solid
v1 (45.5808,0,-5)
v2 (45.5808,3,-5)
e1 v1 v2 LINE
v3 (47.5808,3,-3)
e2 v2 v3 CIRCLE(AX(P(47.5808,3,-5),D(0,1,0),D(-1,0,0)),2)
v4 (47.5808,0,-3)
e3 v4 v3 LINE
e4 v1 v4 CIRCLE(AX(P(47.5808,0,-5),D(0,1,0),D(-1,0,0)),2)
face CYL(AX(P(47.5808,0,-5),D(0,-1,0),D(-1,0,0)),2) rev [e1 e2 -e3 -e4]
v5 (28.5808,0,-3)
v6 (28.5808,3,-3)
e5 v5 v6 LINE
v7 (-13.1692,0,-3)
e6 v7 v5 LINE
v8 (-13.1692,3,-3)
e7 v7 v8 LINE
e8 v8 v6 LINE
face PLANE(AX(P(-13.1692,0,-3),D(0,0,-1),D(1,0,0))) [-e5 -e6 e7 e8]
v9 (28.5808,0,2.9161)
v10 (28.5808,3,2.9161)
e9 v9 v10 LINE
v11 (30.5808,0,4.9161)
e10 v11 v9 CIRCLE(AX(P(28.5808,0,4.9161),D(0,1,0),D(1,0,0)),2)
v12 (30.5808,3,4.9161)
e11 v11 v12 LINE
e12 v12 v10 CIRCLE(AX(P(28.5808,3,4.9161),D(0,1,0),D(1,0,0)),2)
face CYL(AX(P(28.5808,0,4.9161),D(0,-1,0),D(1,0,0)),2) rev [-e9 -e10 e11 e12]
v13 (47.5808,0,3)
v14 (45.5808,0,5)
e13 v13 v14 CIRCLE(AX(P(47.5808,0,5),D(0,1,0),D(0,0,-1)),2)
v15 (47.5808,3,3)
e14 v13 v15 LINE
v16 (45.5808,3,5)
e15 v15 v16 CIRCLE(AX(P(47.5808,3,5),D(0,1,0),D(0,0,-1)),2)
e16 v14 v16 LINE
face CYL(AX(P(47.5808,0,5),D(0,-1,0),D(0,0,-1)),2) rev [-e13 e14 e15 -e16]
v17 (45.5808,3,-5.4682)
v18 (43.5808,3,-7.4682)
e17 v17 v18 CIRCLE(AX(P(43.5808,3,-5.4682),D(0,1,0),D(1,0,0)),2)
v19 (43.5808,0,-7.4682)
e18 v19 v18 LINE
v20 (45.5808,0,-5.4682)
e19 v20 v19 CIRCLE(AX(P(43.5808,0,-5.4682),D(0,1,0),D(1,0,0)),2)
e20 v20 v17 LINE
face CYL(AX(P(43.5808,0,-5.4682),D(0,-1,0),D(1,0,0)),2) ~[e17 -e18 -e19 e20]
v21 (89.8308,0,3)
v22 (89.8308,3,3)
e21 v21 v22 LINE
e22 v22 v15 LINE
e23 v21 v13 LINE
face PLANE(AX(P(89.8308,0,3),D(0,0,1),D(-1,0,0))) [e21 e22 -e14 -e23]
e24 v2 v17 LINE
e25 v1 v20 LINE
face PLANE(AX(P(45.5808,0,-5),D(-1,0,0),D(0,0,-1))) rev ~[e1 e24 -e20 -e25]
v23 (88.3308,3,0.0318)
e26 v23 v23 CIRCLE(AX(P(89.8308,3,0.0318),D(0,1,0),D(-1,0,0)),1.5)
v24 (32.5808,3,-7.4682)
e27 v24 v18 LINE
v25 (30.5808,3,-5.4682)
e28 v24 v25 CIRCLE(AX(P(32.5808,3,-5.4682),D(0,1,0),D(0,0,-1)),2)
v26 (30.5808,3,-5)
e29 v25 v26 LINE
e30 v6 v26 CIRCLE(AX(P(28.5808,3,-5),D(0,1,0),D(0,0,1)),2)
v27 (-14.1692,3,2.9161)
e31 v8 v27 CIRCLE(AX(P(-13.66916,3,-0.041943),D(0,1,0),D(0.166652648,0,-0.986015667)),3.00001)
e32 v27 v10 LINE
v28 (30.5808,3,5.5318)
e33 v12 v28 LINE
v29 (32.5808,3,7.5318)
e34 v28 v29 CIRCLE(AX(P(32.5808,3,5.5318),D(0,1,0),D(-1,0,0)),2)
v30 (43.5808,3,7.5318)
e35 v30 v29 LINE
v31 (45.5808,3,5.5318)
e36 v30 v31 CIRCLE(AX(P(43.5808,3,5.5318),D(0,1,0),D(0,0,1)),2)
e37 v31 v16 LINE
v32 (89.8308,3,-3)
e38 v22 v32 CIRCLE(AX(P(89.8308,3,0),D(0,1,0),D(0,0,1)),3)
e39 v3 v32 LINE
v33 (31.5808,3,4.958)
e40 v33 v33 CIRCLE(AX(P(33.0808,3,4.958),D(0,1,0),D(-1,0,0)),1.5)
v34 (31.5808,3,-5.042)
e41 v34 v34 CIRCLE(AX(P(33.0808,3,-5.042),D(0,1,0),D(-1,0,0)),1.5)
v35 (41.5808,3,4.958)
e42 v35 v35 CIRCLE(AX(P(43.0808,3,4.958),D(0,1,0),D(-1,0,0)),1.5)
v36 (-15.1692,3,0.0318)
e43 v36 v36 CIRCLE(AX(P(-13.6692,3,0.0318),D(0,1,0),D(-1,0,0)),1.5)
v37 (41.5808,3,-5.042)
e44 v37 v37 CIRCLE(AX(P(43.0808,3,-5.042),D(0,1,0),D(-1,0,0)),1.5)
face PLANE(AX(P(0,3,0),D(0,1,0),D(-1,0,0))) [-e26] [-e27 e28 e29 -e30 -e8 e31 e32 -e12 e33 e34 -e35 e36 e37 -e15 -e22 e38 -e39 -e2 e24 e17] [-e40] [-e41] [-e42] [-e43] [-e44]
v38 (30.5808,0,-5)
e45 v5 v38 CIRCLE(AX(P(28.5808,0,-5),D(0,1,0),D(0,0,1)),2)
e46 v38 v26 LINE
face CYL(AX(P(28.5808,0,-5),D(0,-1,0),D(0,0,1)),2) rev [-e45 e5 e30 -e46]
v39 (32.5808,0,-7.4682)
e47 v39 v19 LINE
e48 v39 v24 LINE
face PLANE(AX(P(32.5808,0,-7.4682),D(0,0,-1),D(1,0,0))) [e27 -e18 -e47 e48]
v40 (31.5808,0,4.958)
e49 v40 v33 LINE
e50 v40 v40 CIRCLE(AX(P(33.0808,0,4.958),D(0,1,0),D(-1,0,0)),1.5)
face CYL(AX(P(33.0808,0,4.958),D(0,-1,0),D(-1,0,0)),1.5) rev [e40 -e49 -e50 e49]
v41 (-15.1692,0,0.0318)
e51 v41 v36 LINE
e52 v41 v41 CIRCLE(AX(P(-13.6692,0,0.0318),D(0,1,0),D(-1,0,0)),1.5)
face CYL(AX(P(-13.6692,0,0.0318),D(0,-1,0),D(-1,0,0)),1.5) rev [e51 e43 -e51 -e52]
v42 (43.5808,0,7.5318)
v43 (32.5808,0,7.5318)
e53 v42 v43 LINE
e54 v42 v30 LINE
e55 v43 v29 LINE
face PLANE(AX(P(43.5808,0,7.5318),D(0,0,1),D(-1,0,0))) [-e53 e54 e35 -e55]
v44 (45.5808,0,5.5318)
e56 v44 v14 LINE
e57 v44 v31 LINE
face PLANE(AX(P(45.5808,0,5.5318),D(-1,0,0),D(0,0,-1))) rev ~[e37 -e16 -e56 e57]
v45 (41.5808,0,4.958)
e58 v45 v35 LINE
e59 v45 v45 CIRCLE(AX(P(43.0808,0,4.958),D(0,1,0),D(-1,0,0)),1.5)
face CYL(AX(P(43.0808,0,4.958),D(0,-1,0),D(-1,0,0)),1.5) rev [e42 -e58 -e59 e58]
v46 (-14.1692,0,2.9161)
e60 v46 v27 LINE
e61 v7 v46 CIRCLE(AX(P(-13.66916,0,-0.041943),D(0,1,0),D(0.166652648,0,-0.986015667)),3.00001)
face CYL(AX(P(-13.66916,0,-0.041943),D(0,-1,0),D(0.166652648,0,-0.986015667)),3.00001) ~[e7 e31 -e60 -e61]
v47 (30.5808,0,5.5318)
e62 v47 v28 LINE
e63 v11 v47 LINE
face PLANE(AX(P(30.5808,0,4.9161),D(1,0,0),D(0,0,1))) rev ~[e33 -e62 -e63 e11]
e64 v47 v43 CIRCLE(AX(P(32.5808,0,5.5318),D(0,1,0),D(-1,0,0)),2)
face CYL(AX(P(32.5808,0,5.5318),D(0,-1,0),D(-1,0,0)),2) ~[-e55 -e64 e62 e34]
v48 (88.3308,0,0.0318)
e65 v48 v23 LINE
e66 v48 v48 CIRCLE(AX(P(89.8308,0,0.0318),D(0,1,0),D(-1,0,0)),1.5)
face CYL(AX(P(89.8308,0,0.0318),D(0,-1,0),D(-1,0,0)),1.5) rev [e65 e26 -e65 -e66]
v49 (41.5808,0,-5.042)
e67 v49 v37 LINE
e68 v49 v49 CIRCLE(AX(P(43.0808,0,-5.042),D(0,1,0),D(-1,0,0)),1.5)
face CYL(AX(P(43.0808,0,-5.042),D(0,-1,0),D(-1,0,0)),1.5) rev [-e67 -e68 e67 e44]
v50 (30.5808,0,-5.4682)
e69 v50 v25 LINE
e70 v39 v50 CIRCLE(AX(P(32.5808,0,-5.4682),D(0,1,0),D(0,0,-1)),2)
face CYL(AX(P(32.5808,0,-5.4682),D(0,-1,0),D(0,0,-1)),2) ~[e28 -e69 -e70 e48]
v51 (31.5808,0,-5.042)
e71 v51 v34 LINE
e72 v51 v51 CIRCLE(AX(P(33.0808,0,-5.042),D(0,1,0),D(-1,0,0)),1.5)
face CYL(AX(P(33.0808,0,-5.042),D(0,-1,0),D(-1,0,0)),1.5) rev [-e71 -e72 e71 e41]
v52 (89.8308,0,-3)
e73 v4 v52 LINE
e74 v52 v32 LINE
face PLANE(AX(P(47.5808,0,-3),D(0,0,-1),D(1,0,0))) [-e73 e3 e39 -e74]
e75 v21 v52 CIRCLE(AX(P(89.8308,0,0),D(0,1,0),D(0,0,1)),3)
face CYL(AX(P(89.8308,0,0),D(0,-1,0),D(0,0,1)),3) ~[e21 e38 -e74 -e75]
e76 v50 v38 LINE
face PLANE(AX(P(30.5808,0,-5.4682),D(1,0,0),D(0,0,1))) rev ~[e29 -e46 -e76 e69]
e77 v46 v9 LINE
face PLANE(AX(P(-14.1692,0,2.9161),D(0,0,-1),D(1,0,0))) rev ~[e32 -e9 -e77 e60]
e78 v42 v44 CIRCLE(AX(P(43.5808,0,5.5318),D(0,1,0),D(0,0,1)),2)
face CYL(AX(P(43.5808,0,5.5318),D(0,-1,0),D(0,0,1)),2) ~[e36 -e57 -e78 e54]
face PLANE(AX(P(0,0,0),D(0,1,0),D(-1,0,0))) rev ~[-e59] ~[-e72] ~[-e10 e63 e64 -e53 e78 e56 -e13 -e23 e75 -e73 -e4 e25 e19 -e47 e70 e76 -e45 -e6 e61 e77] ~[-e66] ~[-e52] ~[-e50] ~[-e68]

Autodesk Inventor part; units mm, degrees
ref_plane "YZ Plane" through (0, 0, 0) normal (1, 0, 0) x (0, 1, 0)
ref_plane "XZ Plane" through (0, 0, 0) normal (0, 1, 0) x (-1, 0, 0)
ref_plane "XY Plane" through (0, 0, 0) normal (0, 0, 1) x (1, 0, 0)
sketch "Sketch1" plane through (0, 0, 0) normal (0, 1, 0) x (-1, 0, 0)
  circle A0 centre (13.6692, 0.0318) radius 1.5
  circle A1 centre (-89.8308, 0.0318) radius 1.5
  arc A2 (13.1692, -3) -> (14.1692, 2.9161) centre (13.6692, -0.042) ccw
  arc A3 (-89.8308, 3) -> (-89.8308, -3) centre (-89.8308, 0) ccw
  line L0 (-32.5808, -7.4682) -> (-43.5808, -7.4682)
  line L1 (-43.5808, 7.5318) -> (-32.5808, 7.5318)
  line L2 (13.1692, -3) -> (-28.5808, -3)
  line L3 (14.1692, 2.9161) -> (-28.5808, 2.9161)
  line L4 (-47.5808, -3) -> (-89.8308, -3)
  line L5 (-89.8308, 3) -> (-47.5808, 3)
  line L6 (-30.5808, -5.4682) -> (-30.5808, -5)
  line L7 (-30.5808, 4.9161) -> (-30.5808, 5.5318)
  line L8 (-45.5808, 5.5318) -> (-45.5808, 5)
  line L9 (-45.5808, -5) -> (-45.5808, -5.4682)
  circle A4 centre (-33.0808, -5.042) radius 1.5
  circle A5 centre (-43.0808, -5.042) radius 1.5
  circle A6 centre (-33.0808, 4.958) radius 1.5
  circle A7 centre (-43.0808, 4.958) radius 1.5
  arc A8 (-28.5808, -3) -> (-30.5808, -5) centre (-28.5808, -5) ccw
  arc A9 (-32.5808, -7.4682) -> (-30.5808, -5.4682) centre (-32.5808, -5.4682) ccw
  arc A10 (-45.5808, -5.4682) -> (-43.5808, -7.4682) centre (-43.5808, -5.4682) ccw
  arc A11 (-45.5808, -5) -> (-47.5808, -3) centre (-47.5808, -5) ccw
  arc A12 (-30.5808, 4.9161) -> (-28.5808, 2.9161) centre (-28.5808, 4.9161) ccw
  arc A13 (-47.5808, 3) -> (-45.5808, 5) centre (-47.5808, 5) ccw
  arc A14 (-43.5808, 7.5318) -> (-45.5808, 5.5318) centre (-43.5808, 5.5318) ccw
  arc A15 (-30.5808, 5.5318) -> (-32.5808, 7.5318) centre (-32.5808, 5.5318) ccw
  point P0 (-45.5808, 7.5318)
  point P1 (-45.5808, -7.4682)
  point P2 (-30.5808, 7.5318)
  dimension "d39" = 3
  dimension "d40" = 3
  dimension "d41" = 103.5
  dimension "d42" = 6
  dimension "d43" = 3
  dimension "d44" = 3
  dimension "d45" = 15
  dimension "d46" = 15
  dimension "d47" = 7.5
  dimension "d49" = 0
  dimension "d50" = 0
  dimension "d51" = 3
  dimension "d52" = 3
  dimension "d53" = 10
  dimension "d54" = 3
  dimension "d55" = 10
  dimension "d56" = 3
  dimension "d57" = 5
  dimension "d58" = 10
  dimension "d59" = 2
  dimension "d62" = 46.75
  dimension "d63" = 46.75
  dimension "d64" = 10
  dimension "d65" = 42.25
extrude "Extrusion2" add sketch "Sketch1" along normal blind 3
equation "\"d47\" = 0.5 * d46"
equation "\"d55\" = d53"
equation "\"d57\" = 0.5 * d53"
equation "\"d58\" = d53"
equation "\"d62\" = -0.5 * d53 + 0.5 * d41"
equation "\"d63\" = d62"
equation "\"d64\" = d53"
properties part number "led_brace"
